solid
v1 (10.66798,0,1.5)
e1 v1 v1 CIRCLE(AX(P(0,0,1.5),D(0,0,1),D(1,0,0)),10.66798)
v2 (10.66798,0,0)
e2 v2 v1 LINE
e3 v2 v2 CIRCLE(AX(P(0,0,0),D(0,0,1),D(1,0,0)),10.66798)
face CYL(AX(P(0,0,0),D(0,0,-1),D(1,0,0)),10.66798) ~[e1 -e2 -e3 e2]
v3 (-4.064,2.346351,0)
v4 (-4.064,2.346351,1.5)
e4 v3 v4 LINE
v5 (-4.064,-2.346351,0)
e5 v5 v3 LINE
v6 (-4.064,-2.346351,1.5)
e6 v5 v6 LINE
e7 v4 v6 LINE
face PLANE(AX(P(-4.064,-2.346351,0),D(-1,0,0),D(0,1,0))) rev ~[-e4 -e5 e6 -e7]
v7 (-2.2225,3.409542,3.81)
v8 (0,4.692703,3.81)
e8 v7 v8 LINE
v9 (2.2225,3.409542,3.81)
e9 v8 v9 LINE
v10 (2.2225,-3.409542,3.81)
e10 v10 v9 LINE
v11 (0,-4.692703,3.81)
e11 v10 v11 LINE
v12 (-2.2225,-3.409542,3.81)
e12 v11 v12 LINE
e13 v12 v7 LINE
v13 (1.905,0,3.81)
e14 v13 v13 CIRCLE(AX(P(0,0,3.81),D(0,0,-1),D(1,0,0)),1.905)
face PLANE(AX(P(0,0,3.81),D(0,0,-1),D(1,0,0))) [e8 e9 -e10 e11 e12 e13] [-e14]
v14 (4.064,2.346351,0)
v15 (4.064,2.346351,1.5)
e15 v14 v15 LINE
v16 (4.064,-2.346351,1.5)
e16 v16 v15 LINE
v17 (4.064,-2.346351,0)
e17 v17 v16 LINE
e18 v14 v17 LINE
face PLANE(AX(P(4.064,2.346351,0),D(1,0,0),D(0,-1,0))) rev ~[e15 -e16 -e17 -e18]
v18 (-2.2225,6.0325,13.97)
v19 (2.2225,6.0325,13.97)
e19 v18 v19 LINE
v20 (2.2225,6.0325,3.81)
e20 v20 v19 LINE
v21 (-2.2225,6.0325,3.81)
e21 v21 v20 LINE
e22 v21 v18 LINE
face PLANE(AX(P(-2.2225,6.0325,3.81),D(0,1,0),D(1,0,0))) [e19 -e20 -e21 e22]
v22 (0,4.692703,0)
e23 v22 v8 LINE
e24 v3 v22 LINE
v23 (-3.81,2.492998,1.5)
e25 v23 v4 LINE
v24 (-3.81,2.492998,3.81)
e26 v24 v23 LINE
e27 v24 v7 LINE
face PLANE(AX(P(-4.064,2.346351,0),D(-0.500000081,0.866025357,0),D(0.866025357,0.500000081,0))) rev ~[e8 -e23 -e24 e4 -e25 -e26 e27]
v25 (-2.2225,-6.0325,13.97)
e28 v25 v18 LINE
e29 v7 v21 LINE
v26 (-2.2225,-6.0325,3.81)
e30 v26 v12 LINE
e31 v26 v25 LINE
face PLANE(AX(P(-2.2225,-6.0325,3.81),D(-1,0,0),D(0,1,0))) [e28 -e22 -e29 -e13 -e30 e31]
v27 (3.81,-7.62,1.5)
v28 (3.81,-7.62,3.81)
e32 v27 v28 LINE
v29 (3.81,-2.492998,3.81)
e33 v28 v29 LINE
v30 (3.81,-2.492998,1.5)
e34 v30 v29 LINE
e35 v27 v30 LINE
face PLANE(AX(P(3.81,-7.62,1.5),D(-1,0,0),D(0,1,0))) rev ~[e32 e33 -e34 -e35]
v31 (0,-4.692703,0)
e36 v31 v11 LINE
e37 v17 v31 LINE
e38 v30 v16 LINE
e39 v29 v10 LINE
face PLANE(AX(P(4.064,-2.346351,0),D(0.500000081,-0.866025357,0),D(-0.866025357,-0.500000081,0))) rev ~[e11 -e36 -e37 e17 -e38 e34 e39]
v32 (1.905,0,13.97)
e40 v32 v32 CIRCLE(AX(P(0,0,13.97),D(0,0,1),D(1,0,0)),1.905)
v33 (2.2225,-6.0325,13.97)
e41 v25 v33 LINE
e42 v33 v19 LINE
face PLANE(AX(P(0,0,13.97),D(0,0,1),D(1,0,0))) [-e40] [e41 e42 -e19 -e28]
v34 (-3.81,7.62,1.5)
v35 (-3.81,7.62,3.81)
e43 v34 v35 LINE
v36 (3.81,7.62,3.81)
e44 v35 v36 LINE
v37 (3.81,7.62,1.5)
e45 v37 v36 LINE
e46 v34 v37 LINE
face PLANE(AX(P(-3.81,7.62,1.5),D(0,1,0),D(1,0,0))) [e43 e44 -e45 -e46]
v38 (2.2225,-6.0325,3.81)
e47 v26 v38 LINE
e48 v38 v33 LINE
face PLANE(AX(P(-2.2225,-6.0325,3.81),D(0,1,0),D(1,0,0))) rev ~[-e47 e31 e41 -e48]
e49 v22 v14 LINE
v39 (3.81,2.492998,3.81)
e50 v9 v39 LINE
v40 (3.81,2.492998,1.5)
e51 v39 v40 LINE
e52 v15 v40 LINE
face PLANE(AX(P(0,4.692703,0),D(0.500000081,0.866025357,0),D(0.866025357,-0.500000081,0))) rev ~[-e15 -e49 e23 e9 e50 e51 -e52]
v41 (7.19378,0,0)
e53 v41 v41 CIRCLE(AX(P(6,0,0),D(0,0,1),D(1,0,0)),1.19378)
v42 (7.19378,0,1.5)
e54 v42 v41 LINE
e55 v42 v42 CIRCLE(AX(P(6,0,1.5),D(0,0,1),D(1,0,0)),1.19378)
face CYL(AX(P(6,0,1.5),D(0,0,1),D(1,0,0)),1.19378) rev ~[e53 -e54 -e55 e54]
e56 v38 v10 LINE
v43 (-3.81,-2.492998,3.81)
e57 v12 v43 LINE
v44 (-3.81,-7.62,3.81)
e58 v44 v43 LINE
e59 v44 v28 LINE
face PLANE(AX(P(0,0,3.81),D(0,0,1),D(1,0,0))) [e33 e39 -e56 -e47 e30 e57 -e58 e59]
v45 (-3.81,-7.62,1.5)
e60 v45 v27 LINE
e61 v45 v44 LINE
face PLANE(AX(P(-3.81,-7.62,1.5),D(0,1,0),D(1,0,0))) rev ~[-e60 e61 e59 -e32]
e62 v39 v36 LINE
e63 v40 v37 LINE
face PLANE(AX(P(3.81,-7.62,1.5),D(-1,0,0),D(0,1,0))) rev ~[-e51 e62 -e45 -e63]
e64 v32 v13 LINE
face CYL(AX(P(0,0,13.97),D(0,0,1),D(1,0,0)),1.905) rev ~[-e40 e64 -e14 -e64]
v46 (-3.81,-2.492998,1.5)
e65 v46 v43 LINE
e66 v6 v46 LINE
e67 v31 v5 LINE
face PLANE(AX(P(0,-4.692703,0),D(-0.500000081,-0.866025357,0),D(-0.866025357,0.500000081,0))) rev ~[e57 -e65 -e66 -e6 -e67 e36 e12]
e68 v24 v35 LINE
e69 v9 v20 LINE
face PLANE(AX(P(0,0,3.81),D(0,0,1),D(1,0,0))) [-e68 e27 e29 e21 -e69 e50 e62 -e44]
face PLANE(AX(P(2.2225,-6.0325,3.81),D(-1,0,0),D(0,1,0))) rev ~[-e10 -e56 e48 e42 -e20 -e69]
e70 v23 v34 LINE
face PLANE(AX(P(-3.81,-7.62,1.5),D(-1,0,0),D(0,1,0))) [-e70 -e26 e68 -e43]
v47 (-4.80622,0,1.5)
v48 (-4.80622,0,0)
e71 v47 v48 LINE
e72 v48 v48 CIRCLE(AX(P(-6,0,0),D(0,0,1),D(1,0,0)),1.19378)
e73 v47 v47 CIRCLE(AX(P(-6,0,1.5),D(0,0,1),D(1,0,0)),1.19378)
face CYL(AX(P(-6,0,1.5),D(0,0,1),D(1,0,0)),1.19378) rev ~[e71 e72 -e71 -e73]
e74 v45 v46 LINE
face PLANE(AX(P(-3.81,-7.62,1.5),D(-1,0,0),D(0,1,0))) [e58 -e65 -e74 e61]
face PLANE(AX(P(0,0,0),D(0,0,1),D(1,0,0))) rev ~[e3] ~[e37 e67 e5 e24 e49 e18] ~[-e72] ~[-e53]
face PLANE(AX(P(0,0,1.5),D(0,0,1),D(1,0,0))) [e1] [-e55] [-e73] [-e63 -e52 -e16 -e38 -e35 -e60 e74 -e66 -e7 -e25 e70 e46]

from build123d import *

# Parameters (mm, degrees)
F0_R      = 10.66798
F1_DEPTH  = 1.5
F2_W      = 7.62
F2_H      = 15.24
F3_DEPTH  = 2.31
F4_W      = 4.445
F4_H      = 12.065
F5_DEPTH  = 10.16
F6_R      = 1.905
F7_DEPTH  = 13.971
F8_R      = 1.905
F9_DEPTH  = 3.81
F10_R     = 1.19378
F11_DEPTH = 1.501


with BuildPart() as f1:
    # F0 (on Top) → F1 (new body)
    with BuildSketch(Plane.XY):
        Circle(F0_R)
    extrude(amount=F1_DEPTH)

    # F2 (on face) → F3 (join)
    with BuildSketch(Plane.XY.offset(1.5)):
        Rectangle(F2_W, F2_H)
    extrude(amount=F3_DEPTH)

    # F4 (on face) → F5 (join)
    with BuildSketch(Plane.XY.offset(3.81)):
        Rectangle(F4_W, F4_H)
    extrude(amount=F5_DEPTH)

    # F6 (on face) → F7 (cut, through all)
    with BuildSketch(Plane.XY.offset(13.97)):
        Circle(F6_R)
    extrude(amount=-F7_DEPTH, mode=Mode.SUBTRACT)

    # F8 (on face) → F9 (cut)
    with BuildSketch(Plane(origin=(0, 0, 0), x_dir=(1, 0, 0), z_dir=(0, 0, -1))):
        Polygon((4.064, 2.346351), (0, 4.692703), (-4.064, 2.346351), (-4.064, -2.346351), (0, -4.692703), (4.064, -2.346351), align=None)
        Circle(F8_R, mode=Mode.SUBTRACT)
    extrude(amount=-F9_DEPTH, mode=Mode.SUBTRACT)

    # F10 (on face) → F11 (cut, through all)
    with BuildSketch(Plane.XY.offset(1.5)):
        with Locations((-6, 0)):
            Circle(F10_R)
        with Locations((6, 0)):
            Circle(F10_R)
    extrude(amount=-F11_DEPTH, mode=Mode.SUBTRACT)


solid = f1.part
